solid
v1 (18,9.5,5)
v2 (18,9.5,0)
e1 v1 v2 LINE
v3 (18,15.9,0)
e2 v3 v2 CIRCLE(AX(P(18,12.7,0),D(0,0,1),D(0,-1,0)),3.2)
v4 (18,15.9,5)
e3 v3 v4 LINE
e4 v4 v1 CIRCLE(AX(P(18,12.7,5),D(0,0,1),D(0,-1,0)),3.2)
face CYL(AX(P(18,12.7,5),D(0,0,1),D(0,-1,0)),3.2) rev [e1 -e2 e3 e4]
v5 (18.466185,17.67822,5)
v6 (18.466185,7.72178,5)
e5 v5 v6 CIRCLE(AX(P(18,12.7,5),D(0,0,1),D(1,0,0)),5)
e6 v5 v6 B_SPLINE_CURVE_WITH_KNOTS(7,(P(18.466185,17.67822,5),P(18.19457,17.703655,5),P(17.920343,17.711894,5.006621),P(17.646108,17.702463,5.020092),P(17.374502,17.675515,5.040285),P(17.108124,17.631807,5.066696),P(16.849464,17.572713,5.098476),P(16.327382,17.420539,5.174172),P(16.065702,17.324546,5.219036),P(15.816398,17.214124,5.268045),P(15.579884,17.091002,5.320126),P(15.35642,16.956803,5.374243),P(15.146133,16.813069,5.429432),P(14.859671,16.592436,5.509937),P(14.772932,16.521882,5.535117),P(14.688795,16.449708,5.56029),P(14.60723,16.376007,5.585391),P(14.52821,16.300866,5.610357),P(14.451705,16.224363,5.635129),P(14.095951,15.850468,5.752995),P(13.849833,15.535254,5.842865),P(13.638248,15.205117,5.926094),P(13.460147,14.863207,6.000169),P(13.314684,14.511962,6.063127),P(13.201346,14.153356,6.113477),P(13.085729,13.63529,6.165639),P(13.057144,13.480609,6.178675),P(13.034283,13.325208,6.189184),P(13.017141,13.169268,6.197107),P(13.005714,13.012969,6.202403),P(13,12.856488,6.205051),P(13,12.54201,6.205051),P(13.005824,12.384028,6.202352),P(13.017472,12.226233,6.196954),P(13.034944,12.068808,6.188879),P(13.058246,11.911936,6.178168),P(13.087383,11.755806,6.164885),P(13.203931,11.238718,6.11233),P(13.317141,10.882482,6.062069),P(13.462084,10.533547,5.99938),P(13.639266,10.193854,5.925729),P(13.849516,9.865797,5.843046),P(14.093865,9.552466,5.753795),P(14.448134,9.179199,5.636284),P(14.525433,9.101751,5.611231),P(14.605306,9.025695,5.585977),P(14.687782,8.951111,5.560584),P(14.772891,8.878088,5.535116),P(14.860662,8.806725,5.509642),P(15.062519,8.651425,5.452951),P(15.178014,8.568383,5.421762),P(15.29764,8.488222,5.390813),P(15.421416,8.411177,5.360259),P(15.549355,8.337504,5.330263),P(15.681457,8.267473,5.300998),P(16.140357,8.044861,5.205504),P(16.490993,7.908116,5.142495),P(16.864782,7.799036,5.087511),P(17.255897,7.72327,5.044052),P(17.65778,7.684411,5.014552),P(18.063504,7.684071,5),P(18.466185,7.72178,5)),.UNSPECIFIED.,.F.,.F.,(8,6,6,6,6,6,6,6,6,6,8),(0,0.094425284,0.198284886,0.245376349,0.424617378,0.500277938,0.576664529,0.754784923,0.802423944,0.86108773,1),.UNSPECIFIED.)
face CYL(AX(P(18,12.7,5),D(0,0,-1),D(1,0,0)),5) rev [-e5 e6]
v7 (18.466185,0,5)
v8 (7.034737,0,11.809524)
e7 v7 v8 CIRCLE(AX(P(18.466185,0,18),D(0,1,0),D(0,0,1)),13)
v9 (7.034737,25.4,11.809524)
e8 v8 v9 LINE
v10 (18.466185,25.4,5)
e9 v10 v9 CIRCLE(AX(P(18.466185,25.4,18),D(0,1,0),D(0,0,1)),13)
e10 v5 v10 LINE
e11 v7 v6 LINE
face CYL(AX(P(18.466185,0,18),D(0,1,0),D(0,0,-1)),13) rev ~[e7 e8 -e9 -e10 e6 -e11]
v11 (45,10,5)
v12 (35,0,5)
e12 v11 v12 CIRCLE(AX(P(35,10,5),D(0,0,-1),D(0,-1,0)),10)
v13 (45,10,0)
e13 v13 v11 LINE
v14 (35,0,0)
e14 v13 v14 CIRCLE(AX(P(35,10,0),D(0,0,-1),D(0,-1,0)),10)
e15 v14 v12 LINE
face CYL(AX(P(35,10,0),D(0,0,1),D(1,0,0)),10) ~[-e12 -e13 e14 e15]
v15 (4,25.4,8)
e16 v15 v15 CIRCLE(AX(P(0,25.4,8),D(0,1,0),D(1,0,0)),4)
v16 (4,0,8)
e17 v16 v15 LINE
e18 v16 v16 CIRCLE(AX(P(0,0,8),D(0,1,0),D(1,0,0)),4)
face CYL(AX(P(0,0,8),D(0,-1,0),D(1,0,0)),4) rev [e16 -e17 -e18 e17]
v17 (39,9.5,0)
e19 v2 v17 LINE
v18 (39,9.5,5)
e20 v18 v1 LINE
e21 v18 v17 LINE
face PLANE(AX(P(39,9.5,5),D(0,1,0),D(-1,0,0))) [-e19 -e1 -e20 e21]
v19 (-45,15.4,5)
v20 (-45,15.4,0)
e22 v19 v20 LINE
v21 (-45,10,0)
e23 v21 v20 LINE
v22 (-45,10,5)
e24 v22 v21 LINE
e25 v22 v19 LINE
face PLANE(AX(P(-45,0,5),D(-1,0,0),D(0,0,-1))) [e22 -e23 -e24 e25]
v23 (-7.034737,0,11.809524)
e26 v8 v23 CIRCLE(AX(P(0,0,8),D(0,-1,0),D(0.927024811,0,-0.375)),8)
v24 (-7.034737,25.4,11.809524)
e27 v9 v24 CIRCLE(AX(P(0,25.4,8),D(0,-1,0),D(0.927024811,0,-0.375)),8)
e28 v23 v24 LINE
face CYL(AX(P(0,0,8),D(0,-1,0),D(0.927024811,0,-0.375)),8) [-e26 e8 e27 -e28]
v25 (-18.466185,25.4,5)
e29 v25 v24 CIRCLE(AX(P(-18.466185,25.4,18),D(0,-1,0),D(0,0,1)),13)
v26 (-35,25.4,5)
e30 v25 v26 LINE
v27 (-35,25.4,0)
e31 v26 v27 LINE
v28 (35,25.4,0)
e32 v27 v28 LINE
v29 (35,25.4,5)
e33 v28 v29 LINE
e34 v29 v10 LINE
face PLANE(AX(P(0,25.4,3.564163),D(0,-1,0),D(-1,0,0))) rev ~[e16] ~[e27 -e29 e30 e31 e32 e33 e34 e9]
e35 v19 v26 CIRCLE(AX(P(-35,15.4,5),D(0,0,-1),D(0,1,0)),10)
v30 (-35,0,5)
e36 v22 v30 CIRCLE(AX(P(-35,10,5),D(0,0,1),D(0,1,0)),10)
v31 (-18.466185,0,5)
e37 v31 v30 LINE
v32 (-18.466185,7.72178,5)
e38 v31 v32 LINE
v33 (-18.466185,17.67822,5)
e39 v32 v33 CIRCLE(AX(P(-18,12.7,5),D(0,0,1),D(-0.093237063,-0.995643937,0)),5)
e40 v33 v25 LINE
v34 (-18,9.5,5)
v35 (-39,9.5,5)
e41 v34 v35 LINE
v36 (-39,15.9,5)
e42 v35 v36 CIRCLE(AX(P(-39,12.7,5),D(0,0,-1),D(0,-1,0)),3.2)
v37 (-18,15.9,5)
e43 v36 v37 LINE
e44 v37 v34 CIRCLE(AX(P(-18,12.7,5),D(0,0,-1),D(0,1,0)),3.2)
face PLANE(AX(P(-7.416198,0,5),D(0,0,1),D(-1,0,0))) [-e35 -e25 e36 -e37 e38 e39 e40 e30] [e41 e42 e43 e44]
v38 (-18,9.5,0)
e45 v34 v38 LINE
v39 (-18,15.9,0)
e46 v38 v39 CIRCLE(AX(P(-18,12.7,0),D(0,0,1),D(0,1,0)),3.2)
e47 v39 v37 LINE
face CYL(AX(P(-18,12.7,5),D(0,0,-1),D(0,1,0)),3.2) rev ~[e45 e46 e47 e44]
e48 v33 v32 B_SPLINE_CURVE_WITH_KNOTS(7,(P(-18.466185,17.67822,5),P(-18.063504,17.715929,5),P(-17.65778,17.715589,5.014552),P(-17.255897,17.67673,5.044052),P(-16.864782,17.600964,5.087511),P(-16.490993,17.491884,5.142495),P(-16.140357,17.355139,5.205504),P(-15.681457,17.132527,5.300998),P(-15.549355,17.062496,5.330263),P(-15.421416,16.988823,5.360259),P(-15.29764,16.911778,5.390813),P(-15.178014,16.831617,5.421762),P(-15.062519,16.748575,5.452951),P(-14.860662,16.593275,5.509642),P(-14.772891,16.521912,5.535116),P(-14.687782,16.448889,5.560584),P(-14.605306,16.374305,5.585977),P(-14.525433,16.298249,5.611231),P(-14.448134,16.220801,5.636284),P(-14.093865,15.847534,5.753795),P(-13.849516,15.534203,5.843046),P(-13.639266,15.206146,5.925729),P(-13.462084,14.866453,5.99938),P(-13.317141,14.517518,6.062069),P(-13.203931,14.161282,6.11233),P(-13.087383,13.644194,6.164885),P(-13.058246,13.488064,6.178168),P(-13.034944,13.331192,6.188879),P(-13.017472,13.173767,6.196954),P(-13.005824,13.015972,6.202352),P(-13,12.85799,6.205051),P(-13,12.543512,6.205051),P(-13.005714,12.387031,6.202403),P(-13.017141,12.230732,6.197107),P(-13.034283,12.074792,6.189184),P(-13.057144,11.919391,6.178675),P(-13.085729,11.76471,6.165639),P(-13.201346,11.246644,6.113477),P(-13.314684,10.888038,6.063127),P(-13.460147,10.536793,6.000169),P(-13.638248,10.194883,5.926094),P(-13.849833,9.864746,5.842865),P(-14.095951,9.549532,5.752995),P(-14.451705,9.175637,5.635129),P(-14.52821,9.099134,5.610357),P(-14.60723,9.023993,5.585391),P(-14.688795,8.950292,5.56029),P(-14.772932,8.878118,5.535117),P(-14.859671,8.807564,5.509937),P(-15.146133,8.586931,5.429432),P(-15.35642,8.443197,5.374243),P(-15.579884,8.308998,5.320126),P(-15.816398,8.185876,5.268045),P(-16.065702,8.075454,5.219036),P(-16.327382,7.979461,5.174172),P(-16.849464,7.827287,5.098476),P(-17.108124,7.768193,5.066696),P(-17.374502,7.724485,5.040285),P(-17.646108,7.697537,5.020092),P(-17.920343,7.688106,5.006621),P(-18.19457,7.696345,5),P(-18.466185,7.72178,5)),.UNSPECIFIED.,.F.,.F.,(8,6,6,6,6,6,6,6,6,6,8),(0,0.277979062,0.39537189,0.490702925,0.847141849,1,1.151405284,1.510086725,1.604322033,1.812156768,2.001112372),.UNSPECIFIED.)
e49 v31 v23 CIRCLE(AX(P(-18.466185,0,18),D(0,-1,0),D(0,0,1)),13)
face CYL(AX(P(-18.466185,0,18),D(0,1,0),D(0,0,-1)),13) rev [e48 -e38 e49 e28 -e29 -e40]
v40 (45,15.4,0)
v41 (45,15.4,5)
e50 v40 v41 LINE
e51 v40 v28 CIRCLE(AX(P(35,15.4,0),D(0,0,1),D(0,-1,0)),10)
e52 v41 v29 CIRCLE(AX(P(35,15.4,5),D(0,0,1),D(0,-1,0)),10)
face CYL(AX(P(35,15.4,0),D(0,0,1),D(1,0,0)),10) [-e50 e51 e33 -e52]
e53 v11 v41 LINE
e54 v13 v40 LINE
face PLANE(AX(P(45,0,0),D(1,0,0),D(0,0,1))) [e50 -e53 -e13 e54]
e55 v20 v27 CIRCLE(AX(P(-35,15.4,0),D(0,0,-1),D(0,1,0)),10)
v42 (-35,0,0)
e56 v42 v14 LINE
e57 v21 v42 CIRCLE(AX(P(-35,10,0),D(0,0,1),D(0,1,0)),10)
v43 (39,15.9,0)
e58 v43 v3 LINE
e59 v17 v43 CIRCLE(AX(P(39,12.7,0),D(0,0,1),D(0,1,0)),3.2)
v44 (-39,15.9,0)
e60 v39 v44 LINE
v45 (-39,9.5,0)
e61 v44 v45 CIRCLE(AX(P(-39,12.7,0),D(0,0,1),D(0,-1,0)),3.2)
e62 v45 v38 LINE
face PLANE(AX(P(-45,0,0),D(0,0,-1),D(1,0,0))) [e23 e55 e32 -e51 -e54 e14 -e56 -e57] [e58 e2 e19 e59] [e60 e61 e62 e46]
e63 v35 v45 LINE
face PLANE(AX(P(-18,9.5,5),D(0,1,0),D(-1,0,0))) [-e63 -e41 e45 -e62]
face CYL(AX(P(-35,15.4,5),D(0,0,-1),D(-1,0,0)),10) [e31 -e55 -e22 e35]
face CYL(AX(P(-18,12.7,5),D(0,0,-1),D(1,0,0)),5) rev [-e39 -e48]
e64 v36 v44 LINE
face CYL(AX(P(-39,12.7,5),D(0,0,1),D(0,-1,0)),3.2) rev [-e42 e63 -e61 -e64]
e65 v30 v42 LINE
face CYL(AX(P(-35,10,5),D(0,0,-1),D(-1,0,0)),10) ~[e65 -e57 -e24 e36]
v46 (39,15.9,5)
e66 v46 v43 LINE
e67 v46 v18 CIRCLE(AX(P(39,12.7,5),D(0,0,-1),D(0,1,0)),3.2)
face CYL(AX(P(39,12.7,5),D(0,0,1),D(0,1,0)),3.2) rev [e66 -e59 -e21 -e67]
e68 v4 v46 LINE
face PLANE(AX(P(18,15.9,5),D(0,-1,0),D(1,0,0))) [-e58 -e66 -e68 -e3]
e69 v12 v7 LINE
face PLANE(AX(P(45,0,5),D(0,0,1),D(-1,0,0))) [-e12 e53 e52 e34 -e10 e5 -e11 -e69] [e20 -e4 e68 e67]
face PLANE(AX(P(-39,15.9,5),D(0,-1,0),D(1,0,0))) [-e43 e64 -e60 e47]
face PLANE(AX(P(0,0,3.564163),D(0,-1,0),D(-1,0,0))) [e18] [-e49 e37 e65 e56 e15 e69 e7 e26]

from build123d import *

# Parameters (mm, degrees)
SKETCH1_R               = 4
BOSS_EXTRUDE1_DEPTH     = 25.4
FILLET1_R               = 13
CUT_EXTRUDE1_DEPTH      = 12
CUT_EXTRUDE1_DEPTH_BACK = 6
SKETCH3_R               = 5
CUT_EXTRUDE2_DEPTH      = 25.4
FILLET2_R               = 10


with BuildPart() as part:
    # Sketch1 → Boss-Extrude1 (new body)
    with BuildSketch(Plane(origin=(0, 0, 0), x_dir=(1, 0, 0), z_dir=(0, 1, 0))):
        with BuildLine():
            Line((-45, 0), (45, 0))
            Line((45, 0), (45, -5))
            Line((45, -5), (7.416198487, -5))
            ThreePointArc((7.416198487, -5), (0, -16), (-7.416198487, -5))
            Line((-7.416198487, -5), (-45, -5))
            Line((-45, -5), (-45, 0))
        make_face()
        with Locations((0, -8)):
            Circle(SKETCH1_R, mode=Mode.SUBTRACT)
    extrude(amount=BOSS_EXTRUDE1_DEPTH)

    # Fillet1
    fillet1_edges = [part.edges().sort_by_distance(p)[0] for p in [
        (7.416198487, 12.7, 5),
        (-7.416198487, 12.7, 5),
    ]]
    fillet(fillet1_edges, radius=FILLET1_R)

    # Sketch2 → Cut-Extrude1 (cut, two sides)
    with BuildSketch(Plane.XY.offset(5)) as cut_extrude1_sk:
        with BuildLine():
            Line((-39, 15.9), (-18, 15.9))
            ThreePointArc((-18, 15.9), (-14.8, 12.7), (-18, 9.5))
            Line((-18, 9.5), (-39, 9.5))
            ThreePointArc((-39, 9.5), (-42.2, 12.7), (-39, 15.9))
        make_face()
        with BuildLine():
            Line((39, 9.5), (18, 9.5))
            ThreePointArc((18, 9.5), (14.8, 12.7), (18, 15.9))
            Line((18, 15.9), (39, 15.9))
            ThreePointArc((39, 15.9), (42.2, 12.7), (39, 9.5))
        make_face()
    extrude(amount=CUT_EXTRUDE1_DEPTH, mode=Mode.SUBTRACT)
    extrude(cut_extrude1_sk.sketch, amount=-CUT_EXTRUDE1_DEPTH_BACK, mode=Mode.SUBTRACT)

    # Sketch3 → Cut-Extrude2 (cut)
    with BuildSketch(Plane.XY.offset(5)):
        with Locations((-18, 12.7)):
            Circle(SKETCH3_R)
        with Locations((18, 12.7)):
            Circle(SKETCH3_R)
    extrude(amount=CUT_EXTRUDE2_DEPTH, mode=Mode.SUBTRACT)

    # Fillet2
    fillet2_edges = [part.edges().sort_by_distance(p)[0] for p in [
        (-45, 25.4, 2.5),
        (45, 25.4, 2.5),
        (-45, 0, 2.5),
        (45, 0, 2.5),
    ]]
    fillet(fillet2_edges, radius=FILLET2_R)


solid = part.part
